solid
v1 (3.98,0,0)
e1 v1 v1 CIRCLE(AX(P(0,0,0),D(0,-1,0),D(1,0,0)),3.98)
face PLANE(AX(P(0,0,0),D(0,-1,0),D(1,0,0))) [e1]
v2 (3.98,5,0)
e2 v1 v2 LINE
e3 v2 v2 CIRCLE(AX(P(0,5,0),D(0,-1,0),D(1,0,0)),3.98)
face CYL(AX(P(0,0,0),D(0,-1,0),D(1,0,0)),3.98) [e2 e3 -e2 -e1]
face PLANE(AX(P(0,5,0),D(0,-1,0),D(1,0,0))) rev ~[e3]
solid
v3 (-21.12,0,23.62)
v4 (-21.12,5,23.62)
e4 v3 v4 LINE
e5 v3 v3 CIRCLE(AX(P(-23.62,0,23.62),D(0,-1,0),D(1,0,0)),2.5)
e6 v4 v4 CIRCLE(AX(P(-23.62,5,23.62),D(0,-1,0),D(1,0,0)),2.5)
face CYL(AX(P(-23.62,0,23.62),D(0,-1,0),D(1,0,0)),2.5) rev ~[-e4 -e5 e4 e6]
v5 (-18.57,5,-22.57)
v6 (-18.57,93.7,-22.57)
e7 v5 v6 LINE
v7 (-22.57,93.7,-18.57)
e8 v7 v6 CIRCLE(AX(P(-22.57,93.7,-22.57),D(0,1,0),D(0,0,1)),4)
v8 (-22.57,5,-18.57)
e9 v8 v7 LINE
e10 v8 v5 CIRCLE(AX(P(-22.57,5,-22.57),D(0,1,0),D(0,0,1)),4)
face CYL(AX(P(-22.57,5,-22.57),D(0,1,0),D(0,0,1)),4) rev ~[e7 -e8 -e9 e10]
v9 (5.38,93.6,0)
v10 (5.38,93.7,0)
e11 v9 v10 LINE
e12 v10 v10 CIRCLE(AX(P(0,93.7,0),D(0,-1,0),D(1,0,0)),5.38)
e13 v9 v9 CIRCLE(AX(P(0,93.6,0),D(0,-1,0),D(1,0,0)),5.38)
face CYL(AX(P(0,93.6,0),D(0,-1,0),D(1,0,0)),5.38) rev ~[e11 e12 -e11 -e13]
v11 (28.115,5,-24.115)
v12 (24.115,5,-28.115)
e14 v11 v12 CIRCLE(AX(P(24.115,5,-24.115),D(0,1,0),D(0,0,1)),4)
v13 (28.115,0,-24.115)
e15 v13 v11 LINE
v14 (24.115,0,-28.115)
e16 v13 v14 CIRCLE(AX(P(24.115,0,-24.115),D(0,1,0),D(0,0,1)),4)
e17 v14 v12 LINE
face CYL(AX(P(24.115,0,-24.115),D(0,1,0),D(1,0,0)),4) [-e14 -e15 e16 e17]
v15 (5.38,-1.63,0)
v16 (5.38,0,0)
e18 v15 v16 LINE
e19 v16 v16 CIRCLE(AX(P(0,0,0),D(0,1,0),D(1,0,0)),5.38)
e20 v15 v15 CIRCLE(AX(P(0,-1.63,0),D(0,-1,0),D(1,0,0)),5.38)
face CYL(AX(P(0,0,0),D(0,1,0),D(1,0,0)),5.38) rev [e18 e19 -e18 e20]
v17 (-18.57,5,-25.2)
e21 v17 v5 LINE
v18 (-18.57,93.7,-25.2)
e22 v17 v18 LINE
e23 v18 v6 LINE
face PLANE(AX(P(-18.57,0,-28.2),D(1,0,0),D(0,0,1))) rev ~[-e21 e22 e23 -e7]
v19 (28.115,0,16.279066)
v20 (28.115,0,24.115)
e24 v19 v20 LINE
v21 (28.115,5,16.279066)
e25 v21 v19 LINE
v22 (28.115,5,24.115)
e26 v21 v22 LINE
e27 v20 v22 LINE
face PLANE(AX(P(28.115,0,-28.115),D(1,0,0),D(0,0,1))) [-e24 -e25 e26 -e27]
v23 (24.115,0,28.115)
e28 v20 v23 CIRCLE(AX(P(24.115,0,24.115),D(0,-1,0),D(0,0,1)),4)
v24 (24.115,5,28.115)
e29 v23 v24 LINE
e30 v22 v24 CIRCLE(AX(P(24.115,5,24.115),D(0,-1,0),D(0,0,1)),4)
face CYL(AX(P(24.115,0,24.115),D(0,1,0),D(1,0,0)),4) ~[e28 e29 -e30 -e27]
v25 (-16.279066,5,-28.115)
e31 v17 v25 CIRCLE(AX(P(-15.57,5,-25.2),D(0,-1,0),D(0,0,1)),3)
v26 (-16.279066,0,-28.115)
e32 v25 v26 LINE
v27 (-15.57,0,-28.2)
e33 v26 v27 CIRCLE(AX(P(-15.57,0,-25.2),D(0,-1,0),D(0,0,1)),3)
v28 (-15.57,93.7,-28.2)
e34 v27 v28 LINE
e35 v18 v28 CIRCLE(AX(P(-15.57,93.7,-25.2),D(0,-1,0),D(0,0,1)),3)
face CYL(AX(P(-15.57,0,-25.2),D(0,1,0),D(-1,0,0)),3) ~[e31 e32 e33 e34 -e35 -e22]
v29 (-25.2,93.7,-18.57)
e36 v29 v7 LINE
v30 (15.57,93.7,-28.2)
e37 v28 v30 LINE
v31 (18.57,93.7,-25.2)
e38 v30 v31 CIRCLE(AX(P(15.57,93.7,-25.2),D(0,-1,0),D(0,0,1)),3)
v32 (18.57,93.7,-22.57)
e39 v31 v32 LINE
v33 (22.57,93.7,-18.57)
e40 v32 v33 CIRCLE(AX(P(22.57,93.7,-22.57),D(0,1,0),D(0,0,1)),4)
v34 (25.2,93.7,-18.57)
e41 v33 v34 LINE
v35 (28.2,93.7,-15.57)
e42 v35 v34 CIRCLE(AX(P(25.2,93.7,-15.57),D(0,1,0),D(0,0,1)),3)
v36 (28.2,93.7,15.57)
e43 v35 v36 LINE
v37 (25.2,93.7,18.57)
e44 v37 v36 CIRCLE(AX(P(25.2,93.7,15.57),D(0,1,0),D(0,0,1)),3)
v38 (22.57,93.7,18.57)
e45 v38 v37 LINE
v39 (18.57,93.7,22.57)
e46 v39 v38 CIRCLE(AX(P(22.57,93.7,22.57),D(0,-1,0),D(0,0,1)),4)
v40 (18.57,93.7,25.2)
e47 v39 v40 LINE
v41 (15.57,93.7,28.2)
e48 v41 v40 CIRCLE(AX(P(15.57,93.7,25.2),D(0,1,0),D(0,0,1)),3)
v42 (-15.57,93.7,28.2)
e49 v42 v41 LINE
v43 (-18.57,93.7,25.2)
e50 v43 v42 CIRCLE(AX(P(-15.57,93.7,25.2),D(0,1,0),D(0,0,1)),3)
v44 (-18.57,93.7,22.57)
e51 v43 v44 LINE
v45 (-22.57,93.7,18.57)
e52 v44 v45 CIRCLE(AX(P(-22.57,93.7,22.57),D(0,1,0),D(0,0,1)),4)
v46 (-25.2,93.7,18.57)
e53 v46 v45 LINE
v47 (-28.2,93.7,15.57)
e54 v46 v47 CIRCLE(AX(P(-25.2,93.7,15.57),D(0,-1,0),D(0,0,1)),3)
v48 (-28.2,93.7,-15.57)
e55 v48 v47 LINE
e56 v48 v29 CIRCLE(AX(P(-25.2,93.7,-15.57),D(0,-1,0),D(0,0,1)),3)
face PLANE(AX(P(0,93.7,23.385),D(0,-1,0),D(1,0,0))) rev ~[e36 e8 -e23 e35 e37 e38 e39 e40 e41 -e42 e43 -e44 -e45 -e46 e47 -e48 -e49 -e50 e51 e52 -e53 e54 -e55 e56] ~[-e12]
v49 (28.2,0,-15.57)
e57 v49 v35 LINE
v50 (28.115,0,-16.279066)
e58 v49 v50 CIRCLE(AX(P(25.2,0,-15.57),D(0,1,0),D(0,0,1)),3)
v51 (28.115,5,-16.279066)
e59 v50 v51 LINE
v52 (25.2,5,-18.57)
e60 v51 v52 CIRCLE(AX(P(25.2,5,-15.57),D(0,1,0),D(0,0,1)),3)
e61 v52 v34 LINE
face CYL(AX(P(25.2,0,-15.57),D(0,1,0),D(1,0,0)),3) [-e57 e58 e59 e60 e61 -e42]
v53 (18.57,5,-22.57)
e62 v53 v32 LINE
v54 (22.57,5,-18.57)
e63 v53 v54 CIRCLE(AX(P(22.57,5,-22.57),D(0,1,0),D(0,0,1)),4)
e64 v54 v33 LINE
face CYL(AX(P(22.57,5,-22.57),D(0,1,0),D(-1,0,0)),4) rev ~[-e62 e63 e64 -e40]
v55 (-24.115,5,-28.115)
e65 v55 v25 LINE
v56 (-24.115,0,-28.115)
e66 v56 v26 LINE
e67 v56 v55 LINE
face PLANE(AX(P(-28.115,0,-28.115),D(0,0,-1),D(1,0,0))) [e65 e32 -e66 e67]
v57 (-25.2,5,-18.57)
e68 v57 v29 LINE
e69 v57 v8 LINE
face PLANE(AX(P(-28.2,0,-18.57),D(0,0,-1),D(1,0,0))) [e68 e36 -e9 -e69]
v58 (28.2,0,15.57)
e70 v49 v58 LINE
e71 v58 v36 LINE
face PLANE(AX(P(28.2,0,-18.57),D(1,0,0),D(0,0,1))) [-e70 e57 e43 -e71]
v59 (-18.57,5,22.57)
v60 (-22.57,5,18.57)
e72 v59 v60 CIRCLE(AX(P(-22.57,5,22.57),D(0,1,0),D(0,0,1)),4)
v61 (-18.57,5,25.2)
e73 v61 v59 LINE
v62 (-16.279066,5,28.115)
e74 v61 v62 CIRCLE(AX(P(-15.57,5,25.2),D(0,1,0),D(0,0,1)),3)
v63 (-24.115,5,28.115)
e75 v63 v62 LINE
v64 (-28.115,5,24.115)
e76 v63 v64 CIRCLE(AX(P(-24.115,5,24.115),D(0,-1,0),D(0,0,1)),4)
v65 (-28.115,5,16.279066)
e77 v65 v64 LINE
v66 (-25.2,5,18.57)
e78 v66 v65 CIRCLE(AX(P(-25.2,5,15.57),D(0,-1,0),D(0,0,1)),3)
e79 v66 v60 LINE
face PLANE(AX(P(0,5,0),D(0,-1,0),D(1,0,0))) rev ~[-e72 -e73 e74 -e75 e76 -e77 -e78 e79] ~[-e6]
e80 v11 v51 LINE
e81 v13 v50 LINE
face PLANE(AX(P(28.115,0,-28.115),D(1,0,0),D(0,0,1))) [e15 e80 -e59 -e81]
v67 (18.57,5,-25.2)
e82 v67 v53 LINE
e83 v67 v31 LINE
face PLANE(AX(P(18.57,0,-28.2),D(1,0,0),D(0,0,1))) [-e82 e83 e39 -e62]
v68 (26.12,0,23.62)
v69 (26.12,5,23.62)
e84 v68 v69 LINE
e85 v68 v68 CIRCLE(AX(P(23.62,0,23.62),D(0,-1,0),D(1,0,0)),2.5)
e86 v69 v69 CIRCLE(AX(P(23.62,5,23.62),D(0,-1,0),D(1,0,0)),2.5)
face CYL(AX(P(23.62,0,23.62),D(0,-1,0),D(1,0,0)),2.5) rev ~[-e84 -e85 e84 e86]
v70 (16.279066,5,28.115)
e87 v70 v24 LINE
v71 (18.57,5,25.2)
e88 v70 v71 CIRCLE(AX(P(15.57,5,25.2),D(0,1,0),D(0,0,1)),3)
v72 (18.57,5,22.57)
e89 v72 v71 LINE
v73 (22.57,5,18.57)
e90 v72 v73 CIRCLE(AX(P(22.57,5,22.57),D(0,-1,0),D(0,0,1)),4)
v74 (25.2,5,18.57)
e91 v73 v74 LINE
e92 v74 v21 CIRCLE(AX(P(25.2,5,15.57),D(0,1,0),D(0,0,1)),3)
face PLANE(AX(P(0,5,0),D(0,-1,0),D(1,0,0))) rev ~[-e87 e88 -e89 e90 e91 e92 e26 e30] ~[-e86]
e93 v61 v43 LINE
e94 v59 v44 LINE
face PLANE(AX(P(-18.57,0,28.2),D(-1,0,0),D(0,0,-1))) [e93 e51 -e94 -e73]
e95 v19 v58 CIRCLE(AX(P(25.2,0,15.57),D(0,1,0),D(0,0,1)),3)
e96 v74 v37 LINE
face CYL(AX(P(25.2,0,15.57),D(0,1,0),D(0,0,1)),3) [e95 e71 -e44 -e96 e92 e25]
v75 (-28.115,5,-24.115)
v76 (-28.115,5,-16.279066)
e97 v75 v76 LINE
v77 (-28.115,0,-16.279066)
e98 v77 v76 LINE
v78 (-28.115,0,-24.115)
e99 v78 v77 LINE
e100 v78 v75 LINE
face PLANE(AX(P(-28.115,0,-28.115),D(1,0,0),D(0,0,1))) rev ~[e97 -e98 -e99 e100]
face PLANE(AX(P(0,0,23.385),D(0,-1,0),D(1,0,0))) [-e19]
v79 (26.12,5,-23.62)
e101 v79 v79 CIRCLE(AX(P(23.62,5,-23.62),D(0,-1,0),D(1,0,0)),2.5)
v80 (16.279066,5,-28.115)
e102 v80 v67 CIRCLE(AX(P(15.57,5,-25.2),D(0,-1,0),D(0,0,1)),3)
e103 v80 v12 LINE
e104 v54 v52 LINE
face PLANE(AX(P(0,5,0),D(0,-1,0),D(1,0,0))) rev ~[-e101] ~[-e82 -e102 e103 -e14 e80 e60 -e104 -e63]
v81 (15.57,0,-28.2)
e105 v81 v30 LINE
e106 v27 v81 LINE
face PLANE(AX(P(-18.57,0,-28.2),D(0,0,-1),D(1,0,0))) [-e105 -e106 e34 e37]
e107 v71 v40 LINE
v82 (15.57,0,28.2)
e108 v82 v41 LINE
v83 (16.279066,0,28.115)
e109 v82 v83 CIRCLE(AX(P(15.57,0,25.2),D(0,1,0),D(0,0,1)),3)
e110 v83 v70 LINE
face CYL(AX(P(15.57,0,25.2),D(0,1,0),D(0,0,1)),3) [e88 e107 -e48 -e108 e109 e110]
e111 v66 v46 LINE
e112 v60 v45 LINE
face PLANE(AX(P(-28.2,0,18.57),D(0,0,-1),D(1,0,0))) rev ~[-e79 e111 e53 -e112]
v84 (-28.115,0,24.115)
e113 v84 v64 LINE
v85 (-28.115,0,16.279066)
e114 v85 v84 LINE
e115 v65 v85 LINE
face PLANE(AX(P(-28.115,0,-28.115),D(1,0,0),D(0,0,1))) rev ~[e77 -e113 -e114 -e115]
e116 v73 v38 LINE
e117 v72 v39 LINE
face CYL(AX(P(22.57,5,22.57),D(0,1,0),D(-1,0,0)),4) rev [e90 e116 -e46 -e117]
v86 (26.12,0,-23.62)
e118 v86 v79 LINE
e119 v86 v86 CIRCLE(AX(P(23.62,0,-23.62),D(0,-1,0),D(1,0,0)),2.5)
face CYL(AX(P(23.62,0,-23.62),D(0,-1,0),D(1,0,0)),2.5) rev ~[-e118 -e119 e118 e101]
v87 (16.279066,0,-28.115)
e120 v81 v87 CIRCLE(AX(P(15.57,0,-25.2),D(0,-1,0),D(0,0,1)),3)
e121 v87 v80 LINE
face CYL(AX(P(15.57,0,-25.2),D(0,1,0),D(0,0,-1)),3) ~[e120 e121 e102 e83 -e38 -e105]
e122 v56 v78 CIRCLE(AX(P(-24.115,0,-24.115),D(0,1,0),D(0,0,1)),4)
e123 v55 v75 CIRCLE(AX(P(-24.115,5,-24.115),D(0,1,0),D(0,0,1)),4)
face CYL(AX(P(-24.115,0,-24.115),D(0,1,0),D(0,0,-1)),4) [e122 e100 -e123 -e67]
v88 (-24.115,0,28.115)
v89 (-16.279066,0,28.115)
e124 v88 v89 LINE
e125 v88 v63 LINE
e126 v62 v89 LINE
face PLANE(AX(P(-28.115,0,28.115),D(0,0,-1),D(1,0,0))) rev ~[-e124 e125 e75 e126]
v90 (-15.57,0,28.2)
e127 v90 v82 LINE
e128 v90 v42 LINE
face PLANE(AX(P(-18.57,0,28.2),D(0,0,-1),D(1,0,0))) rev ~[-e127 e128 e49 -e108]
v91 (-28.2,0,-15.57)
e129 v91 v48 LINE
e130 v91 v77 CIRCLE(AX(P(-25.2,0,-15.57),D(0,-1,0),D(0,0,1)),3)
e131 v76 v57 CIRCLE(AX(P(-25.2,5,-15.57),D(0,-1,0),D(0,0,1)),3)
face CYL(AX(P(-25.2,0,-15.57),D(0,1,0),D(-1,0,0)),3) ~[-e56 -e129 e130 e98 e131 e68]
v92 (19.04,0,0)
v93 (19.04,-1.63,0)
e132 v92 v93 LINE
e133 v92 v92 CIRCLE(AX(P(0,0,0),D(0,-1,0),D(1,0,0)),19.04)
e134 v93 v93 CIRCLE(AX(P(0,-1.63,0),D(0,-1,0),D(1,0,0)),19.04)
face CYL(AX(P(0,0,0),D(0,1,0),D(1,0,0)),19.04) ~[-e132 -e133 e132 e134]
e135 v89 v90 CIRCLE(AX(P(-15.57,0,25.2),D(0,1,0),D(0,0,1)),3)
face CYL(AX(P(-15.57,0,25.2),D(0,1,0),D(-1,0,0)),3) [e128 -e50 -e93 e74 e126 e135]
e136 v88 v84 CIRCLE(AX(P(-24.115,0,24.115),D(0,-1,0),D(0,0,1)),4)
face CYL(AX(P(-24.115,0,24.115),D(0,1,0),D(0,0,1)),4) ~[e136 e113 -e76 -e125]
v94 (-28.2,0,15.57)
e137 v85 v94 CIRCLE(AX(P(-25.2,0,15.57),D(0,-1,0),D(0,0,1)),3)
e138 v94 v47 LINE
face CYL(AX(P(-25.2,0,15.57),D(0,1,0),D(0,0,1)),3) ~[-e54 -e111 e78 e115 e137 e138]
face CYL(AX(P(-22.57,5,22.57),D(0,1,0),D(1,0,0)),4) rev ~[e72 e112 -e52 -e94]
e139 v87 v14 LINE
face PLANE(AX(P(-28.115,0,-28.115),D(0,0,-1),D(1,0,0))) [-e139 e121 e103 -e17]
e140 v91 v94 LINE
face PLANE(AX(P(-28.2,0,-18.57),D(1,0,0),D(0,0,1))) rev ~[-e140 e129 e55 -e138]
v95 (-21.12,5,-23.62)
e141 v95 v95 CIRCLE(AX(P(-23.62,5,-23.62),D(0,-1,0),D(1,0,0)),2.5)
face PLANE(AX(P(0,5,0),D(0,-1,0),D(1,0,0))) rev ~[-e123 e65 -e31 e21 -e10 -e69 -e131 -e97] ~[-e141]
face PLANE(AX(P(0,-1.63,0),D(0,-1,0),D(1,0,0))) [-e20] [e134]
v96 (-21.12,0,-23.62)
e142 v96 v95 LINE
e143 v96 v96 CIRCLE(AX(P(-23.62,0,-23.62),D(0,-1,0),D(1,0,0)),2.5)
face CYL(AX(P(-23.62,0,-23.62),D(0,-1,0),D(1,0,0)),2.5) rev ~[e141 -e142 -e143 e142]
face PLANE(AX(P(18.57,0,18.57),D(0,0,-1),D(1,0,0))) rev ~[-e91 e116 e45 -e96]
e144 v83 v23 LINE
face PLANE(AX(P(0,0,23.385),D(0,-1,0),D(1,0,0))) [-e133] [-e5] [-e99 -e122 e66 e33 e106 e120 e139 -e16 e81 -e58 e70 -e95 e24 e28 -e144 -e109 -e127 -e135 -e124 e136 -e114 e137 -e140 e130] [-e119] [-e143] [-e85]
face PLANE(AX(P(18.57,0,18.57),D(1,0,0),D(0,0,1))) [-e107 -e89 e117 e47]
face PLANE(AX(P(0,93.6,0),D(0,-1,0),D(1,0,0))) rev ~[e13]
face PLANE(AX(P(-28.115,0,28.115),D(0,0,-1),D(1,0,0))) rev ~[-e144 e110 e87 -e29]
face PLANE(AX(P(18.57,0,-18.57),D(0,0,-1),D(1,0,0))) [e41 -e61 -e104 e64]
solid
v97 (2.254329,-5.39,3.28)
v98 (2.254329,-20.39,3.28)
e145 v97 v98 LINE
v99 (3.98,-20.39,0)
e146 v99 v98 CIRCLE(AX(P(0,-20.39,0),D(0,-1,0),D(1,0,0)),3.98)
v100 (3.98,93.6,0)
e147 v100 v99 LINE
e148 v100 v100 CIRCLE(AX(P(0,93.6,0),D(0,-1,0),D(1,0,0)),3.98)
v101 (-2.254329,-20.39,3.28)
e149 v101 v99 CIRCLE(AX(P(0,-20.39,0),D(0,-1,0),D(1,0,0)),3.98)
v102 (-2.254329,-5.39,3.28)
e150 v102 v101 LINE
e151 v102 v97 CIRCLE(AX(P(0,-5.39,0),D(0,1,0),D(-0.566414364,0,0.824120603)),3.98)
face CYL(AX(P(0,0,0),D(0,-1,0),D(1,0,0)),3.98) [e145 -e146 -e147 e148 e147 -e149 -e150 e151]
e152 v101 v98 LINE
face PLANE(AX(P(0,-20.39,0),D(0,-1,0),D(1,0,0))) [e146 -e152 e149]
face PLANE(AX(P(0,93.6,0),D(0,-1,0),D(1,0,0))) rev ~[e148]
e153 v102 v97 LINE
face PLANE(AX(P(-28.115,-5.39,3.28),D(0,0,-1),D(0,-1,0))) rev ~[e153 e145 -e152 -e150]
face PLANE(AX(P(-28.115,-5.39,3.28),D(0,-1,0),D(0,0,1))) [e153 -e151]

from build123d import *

# Parameters (mm, degrees)
F0_W          = 56.23
F0_H          = 56.23
F0_R          = 2.5
F0_R_2        = 19.04
F0_R_3        = 5.38
F1_DEPTH      = 5
F0_R_4        = 3.98
F2_DEPTH      = 1.63
F3_R          = 4
F4_W          = 37.14
F4_H          = 9.63
F4_H_2        = 37.14
F4_W_2        = 9.63
F5_DEPTH      = 98.9
F6_R          = 4
F7_R          = 3
F8_DEPTH      = 20.39
F8_DEPTH_BACK = 94.9
F9_W          = 15
F9_H          = 0.7
F10_DEPTH     = 56.316
F11_START     = -93.6
F5_FACE_R     = 5.38
F11_DEPTH     = 5.3
F12_DEPTH     = 5.2
F13_R         = 0.1742671658
F14_DEPTH     = 0.5
F14_TAPER     = -3


with BuildPart() as f1:
    # F0 (on Front) → F1 (new body)
    with BuildSketch(Plane.XZ):
        Rectangle(F0_W, F0_H)
        with Locations((-23.62, -23.62)):
            Circle(F0_R, mode=Mode.SUBTRACT)
        with Locations((23.62, -23.62)):
            Circle(F0_R, mode=Mode.SUBTRACT)
        with Locations((-23.62, 23.62)):
            Circle(F0_R, mode=Mode.SUBTRACT)
        Circle(F0_R_2, mode=Mode.SUBTRACT)
        with Locations((23.62, 23.62)):
            Circle(F0_R, mode=Mode.SUBTRACT)
        Circle(F0_R_2)
        Circle(F0_R_3, mode=Mode.SUBTRACT)
    extrude(amount=-F1_DEPTH)

    # F0 (on Front) → F2 (join)
    with BuildSketch(Plane.XZ):
        Circle(F0_R_2)
        Circle(F0_R_3, mode=Mode.SUBTRACT)
    extrude(amount=F2_DEPTH)

    # F3
    f3_edges = [f1.edges().sort_by_distance(p)[0] for p in [
        (-28.115, 2.5, 28.115),
        (28.115, 2.5, 28.115),
        (28.115, 2.5, -28.115),
        (-28.115, 2.5, -28.115),
    ]]
    fillet(f3_edges, radius=F3_R)

    # F4 (on Front) → F5 (join)
    with BuildSketch(Plane.XZ):
        with Locations((0, 23.385)):
            Rectangle(F4_W, F4_H)
        Rectangle(F4_W, F4_H_2)
        with Locations((-23.385, 0)):
            Rectangle(F4_W_2, F4_H_2)
        with Locations((23.385, 0)):
            Rectangle(F4_W_2, F4_H_2)
        with Locations((0, -23.385)):
            Rectangle(F4_W, F4_H)
    extrude(amount=-F5_DEPTH)

    # F6
    f6_edges = [f1.edges().sort_by_distance(p)[0] for p in [
        (18.57, 51.95, 18.57),
        (-18.57, 51.95, 18.57),
        (-18.57, 51.95, -18.57),
        (18.57, 51.95, -18.57),
    ]]
    fillet(f6_edges, radius=F6_R)

    # F7
    f7_edges = [f1.edges().sort_by_distance(p)[0] for p in [
        (18.57, 49.45, 28.2),
        (28.2, 49.45, 18.57),
        (28.2, 49.45, -18.57),
        (18.57, 49.45, -28.2),
        (-18.57, 49.45, -28.2),
        (-28.2, 49.45, -18.57),
        (-28.2, 49.45, 18.57),
        (-18.57, 49.45, 28.2),
    ]]
    fillet(f7_edges, radius=F7_R)


with BuildPart() as f1b:
    # F0 (on Front) → F1, piece 2 (new body)
    with BuildSketch(Plane.XZ):
        Circle(F0_R_4)
    extrude(amount=-F1_DEPTH)


with BuildPart() as f8:
    # F0 (on Front) → F8 (new body, two sides)
    with BuildSketch(Plane.XZ) as f8_sk:
        Circle(F0_R_4)
    extrude(amount=F8_DEPTH)
    extrude(f8_sk.sketch, amount=-F8_DEPTH_BACK)

    # F9 (on face) → F10 (cut, through all)
    with BuildSketch(Plane(origin=(-28.115, 0, 0), x_dir=(0, -1, 0), z_dir=(-1, 0, 0))):
        with Locations((12.89, 3.63)):
            Rectangle(F9_W, F9_H)
    extrude(amount=-F10_DEPTH, mode=Mode.SUBTRACT)


with BuildPart() as f11_tool:
    # F5_face (on face) → F11 (new body)
    with BuildSketch(Plane.XZ.offset(F11_START)):
        Circle(F5_FACE_R)
    extrude(amount=-F11_DEPTH)


with BuildPart() as f1_1:
    add(f1.part)

    # F11: cut by f11_tool
    add(f11_tool.part, mode=Mode.SUBTRACT)

    # F12 (cut): a face of the model
    f12_faces = [f1_1.faces().sort_by_distance(p)[0] for p in [
        (-17.7723835508, 98.9, 23.885),
    ]]
    extrude(f12_faces, amount=-F12_DEPTH, mode=Mode.SUBTRACT)

    # F13 (on face) → F14 (cut)
    with BuildSketch(Plane.XZ.offset(20.39)):
        Circle(F13_R)
    extrude(amount=F14_DEPTH, taper=F14_TAPER, mode=Mode.SUBTRACT)


with BuildPart() as f8_1:
    add(f8.part)

    # F11: cut by f11_tool
    add(f11_tool.part, mode=Mode.SUBTRACT)


solid = Compound([f1b.part, f1_1.part, f8_1.part])
